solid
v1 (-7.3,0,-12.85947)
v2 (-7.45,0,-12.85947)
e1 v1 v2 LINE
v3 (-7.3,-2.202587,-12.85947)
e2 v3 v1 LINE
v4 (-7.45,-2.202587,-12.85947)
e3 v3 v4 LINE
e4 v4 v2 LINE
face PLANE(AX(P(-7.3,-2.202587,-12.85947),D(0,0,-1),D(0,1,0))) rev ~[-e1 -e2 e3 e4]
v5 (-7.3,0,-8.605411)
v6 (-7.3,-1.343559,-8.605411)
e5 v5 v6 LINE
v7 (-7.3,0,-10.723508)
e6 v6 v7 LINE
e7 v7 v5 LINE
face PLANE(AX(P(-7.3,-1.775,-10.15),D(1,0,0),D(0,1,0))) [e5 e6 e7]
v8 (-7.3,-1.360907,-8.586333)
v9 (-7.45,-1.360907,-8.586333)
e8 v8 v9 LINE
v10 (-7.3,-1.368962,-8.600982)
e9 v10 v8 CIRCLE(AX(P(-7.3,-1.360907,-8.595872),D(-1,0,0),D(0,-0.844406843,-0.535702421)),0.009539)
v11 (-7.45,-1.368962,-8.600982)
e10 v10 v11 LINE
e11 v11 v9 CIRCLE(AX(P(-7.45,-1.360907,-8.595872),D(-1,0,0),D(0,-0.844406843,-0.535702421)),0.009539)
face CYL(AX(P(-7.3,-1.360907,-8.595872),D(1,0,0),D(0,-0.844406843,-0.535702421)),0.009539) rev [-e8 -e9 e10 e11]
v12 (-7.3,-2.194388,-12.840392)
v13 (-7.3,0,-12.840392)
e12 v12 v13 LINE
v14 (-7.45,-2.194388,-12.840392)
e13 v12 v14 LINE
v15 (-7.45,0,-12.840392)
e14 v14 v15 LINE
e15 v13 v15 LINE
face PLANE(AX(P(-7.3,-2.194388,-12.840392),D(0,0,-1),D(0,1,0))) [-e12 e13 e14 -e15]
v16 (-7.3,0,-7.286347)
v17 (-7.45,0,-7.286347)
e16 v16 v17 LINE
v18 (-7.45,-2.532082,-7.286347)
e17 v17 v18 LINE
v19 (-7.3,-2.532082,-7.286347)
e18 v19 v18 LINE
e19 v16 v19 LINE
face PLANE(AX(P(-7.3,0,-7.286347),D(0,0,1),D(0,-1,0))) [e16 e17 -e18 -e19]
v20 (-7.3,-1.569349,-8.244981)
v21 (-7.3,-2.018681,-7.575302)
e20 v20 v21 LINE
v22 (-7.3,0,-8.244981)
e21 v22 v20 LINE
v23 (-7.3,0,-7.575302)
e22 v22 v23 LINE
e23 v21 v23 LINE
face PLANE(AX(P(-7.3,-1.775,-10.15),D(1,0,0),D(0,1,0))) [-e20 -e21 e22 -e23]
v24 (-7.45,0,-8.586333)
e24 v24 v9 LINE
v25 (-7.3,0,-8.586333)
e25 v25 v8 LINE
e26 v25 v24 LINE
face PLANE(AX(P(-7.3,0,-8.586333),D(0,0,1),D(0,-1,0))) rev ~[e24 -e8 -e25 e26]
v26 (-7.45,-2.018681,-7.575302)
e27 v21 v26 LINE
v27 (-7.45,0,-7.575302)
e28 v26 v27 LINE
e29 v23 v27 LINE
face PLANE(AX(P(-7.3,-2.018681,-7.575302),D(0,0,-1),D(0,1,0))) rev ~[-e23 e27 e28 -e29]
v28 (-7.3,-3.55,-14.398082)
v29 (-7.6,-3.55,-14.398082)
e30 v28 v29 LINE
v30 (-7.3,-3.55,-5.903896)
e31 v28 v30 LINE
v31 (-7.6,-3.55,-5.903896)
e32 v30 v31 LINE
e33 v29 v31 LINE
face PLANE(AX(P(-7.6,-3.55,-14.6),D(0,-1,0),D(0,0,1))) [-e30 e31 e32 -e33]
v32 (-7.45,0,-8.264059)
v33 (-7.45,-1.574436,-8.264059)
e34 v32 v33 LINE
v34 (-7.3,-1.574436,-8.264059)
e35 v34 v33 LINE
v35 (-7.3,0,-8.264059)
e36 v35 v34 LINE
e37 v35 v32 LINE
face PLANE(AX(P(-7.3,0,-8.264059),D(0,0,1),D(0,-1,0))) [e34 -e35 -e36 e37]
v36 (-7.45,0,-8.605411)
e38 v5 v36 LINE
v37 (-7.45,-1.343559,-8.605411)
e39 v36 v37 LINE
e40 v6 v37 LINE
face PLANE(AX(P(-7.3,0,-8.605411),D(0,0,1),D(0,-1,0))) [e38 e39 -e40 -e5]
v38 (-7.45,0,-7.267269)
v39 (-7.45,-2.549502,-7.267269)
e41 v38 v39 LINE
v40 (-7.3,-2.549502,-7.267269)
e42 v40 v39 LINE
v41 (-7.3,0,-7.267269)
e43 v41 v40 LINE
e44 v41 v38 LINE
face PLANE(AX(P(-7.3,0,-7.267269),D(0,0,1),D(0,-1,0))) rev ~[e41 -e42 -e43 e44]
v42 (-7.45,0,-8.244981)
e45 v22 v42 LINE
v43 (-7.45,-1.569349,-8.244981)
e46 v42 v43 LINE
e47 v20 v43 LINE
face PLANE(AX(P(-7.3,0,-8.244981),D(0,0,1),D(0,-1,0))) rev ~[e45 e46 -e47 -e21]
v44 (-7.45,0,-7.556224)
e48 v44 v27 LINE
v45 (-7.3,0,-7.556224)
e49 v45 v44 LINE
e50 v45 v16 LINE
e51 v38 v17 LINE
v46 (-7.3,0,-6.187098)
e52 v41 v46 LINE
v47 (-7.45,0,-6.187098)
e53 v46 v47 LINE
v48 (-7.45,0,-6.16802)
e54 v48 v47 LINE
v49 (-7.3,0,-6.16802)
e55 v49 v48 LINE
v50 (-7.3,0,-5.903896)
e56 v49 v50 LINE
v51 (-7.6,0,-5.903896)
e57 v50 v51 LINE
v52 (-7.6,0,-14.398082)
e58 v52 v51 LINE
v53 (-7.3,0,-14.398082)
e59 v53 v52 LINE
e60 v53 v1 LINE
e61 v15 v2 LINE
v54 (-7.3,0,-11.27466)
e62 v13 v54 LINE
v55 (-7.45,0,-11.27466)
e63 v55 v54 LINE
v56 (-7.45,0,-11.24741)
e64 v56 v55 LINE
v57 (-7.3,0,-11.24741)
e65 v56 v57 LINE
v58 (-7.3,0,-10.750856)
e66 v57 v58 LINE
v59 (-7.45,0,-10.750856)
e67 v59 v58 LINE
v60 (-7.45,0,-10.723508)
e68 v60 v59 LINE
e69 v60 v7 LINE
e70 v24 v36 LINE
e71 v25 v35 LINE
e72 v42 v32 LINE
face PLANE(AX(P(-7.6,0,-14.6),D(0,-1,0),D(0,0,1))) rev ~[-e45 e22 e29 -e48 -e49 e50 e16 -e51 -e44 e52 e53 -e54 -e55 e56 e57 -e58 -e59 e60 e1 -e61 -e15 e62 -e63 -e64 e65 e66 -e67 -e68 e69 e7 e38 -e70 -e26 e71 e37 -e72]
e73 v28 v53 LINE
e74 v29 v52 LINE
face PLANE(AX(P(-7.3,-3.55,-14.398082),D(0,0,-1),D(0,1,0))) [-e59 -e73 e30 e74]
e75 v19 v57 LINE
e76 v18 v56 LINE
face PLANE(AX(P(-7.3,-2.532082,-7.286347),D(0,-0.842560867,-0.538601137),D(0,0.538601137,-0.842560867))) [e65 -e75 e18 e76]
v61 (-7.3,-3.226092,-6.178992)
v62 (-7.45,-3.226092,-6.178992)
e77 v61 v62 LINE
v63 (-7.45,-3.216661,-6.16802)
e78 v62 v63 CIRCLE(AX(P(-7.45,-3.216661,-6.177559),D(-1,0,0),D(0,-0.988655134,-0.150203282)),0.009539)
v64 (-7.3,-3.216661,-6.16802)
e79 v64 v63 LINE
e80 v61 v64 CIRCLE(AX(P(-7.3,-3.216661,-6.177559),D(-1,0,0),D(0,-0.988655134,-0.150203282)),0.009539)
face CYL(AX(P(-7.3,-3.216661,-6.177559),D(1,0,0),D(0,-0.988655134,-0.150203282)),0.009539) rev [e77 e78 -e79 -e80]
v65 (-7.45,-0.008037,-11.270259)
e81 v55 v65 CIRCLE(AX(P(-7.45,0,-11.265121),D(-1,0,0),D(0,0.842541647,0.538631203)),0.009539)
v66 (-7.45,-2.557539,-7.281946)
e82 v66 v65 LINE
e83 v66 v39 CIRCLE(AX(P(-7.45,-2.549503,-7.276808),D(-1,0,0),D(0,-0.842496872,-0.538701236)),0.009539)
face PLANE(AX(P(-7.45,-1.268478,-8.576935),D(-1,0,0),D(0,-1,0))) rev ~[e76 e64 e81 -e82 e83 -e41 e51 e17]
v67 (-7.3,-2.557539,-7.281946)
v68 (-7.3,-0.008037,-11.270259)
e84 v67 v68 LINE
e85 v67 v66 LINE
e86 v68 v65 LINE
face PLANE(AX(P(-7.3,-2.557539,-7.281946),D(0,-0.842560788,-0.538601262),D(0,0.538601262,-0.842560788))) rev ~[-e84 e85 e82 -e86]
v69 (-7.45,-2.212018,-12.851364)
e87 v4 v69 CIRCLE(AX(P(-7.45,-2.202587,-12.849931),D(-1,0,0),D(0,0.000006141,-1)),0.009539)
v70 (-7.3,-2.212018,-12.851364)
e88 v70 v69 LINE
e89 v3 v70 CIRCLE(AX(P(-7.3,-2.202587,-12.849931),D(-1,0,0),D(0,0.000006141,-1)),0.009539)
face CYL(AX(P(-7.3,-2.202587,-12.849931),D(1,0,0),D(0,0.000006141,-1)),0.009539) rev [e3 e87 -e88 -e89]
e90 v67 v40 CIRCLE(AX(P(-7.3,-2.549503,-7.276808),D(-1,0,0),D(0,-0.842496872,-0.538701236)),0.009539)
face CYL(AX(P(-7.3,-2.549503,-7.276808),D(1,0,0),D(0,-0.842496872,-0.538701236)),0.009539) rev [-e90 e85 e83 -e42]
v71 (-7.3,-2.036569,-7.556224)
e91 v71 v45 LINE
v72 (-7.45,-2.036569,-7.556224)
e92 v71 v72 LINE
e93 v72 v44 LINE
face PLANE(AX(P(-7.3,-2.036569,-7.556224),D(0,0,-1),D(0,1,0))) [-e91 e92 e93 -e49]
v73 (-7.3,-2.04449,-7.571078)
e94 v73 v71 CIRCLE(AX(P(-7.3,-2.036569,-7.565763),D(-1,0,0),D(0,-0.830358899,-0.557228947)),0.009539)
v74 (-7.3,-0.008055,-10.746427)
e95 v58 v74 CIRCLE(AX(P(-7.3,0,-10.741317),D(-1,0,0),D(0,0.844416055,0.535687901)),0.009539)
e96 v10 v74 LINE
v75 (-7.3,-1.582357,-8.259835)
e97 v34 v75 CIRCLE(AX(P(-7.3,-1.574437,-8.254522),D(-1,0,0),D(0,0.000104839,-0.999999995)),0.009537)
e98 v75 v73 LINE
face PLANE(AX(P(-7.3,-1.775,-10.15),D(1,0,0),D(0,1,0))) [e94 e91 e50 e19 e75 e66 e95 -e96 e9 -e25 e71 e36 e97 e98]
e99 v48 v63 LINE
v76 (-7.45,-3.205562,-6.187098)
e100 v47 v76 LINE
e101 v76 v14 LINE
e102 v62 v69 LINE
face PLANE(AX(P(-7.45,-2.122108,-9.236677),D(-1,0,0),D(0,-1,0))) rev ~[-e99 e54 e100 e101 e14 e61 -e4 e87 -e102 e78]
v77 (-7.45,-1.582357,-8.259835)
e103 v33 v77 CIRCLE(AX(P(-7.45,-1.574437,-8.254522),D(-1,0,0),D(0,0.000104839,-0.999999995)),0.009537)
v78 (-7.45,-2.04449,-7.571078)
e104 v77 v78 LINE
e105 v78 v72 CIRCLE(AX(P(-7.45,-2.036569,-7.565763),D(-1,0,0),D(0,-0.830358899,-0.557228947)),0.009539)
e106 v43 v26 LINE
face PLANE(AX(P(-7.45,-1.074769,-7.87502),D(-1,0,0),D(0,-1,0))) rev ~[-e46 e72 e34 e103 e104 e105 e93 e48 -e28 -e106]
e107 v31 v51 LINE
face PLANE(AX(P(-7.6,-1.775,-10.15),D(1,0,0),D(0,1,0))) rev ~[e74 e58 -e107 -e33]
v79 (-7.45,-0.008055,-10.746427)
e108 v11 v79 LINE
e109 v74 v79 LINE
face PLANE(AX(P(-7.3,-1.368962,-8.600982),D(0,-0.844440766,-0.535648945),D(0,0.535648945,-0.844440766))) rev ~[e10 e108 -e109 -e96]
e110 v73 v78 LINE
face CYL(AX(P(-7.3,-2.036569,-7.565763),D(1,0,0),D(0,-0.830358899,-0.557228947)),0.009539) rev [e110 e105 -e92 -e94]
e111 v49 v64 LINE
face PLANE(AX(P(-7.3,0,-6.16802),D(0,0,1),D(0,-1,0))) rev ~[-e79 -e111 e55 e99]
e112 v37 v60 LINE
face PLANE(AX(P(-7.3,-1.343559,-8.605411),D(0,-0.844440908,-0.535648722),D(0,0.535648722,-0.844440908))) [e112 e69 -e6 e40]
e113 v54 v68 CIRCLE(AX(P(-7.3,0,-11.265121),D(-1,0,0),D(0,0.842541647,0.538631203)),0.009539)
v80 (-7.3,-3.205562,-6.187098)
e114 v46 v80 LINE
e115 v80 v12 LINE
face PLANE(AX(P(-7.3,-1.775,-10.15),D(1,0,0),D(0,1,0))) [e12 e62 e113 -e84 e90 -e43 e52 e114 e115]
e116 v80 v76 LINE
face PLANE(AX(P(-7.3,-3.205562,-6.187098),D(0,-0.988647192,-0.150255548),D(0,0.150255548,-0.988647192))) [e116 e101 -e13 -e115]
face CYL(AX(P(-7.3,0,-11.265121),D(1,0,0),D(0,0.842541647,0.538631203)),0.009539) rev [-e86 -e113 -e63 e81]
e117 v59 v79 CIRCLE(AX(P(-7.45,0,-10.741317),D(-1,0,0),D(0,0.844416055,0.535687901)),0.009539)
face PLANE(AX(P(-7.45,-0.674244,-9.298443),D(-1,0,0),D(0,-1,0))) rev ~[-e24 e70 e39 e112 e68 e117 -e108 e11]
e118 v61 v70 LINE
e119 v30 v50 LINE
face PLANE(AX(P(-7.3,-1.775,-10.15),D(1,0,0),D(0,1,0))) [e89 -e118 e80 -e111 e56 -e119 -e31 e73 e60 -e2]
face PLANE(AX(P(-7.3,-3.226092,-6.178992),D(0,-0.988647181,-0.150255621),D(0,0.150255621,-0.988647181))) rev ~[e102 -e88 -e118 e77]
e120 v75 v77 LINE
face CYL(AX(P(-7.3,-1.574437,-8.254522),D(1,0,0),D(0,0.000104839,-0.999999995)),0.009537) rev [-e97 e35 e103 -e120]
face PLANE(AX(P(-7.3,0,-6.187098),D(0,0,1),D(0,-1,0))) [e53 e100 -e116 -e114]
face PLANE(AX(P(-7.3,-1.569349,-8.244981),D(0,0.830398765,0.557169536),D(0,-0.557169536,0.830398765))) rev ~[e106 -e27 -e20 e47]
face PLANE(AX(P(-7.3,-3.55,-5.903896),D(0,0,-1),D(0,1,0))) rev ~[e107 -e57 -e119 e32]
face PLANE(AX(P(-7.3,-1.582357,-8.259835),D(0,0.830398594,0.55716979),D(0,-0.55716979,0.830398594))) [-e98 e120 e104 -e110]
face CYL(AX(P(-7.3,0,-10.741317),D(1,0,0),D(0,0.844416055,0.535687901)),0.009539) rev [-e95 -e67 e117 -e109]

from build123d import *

# Parameters (mm, degrees)
SKETCH024_W     = 3.55
SKETCH024_H     = 8.9
PAD005_DEPTH    = 0.3
POCKET019_DEPTH = 0.15
SKETCH028_W     = 3.55
SKETCH028_H     = 0.203896
SKETCH028_H_2   = 0.201918
POCKET021_DEPTH = 5


with BuildPart() as part:
    # Sketch024 (on Face1 of Binder005) → Pad005 (new body)
    with BuildSketch(Plane.YZ.offset(-7.6)):
        with Locations((-1.775, -10.15)):
            Rectangle(SKETCH024_W, SKETCH024_H)
    extrude(amount=PAD005_DEPTH)

    # Sketch025 (on Face6 of Pad005) → Pocket019 (cut)
    with BuildSketch(Plane.YZ.offset(-7.3)):
        with BuildLine():
            ThreePointArc((0, -7.556224), (0.009539, -7.565763), (0, -7.575302))
            Line((-2.018681, -7.575302), (0, -7.575302))
            Line((-1.569349, -8.244981), (-2.018681, -7.575302))
            Line((0, -8.244981), (-1.569349, -8.244981))
            ThreePointArc((0, -8.244981), (0.009539, -8.25452), (0, -8.264059))
            Line((0, -8.264059), (-1.574436, -8.264059))
            ThreePointArc((-1.574436, -8.264059), (-1.578925, -8.262937), (-1.582357, -8.259835))
            Line((-1.582357, -8.259835), (-2.04449, -7.571078))
            ThreePointArc((-2.04449, -7.571078), (-2.044986, -7.561274), (-2.036569, -7.556224))
            Line((-2.036569, -7.556224), (0, -7.556224))
        make_face()
        with BuildLine():
            ThreePointArc((0, -12.840392), (0.009539, -12.849931), (0, -12.85947))
            Line((-2.202587, -12.85947), (0, -12.85947))
            ThreePointArc((-2.202587, -12.85947), (-2.208805, -12.857165), (-2.212018, -12.851364))
            Line((-3.226092, -6.178992), (-2.212018, -12.851364))
            ThreePointArc((-3.226092, -6.178992), (-3.223895, -6.171341), (-3.216661, -6.16802))
            Line((0, -6.16802), (-3.216661, -6.16802))
            ThreePointArc((0, -6.16802), (0.009539, -6.177559), (0, -6.187098))
            Line((0, -6.187098), (-3.205562, -6.187098))
            Line((-3.205562, -6.187098), (-2.194388, -12.840392))
            Line((-2.194388, -12.840392), (0, -12.840392))
        make_face()
        with BuildLine():
            Line((-0.680454, -8.605411), (-1.343559, -8.605411))
            Line((-1.343559, -8.605411), (0.008055, -10.736207))
            ThreePointArc((0.008055, -10.736207), (0.00511, -10.749372), (-0.008055, -10.746427))
            Line((-1.368962, -8.600982), (-0.008055, -10.746427))
            ThreePointArc((-1.368962, -8.600982), (-1.369266, -8.591276), (-1.360907, -8.586333))
            Line((-0.680454, -8.586333), (-1.360907, -8.586333))
            Line((0, -8.586333), (-0.680454, -8.586333))
            ThreePointArc((0, -8.586333), (0.009539, -8.595872), (0, -8.605411))
            Line((0, -8.605411), (-0.680454, -8.605411))
        make_face()
        with BuildLine():
            Line((-1.274751, -7.286347), (-2.532082, -7.286347))
            Line((-2.532082, -7.286347), (0.008037, -11.259983))
            ThreePointArc((0.008037, -11.259983), (0.005138, -11.273158), (-0.008037, -11.270259))
            Line((-2.557539, -7.281946), (-0.008037, -11.270259))
            ThreePointArc((-2.557539, -7.281946), (-2.557869, -7.272226), (-2.549502, -7.267269))
            Line((-1.274751, -7.267269), (-2.549502, -7.267269))
            Line((0, -7.267269), (-1.274751, -7.267269))
            ThreePointArc((0, -7.267269), (0.009539, -7.276808), (0, -7.286347))
            Line((0, -7.286347), (-1.274751, -7.286347))
        make_face()
    extrude(amount=-POCKET019_DEPTH, mode=Mode.SUBTRACT)

    # Sketch028 (on Face4 of Pocket019) → Pocket021 (cut)
    with BuildSketch(Plane.YZ.offset(-7.3)):
        with Locations((-1.775, -5.801948)):
            Rectangle(SKETCH028_W, SKETCH028_H)
        with Locations((-1.775, -14.499041)):
            Rectangle(SKETCH028_W, SKETCH028_H_2)
    extrude(amount=-POCKET021_DEPTH, mode=Mode.SUBTRACT)


solid = part.part
